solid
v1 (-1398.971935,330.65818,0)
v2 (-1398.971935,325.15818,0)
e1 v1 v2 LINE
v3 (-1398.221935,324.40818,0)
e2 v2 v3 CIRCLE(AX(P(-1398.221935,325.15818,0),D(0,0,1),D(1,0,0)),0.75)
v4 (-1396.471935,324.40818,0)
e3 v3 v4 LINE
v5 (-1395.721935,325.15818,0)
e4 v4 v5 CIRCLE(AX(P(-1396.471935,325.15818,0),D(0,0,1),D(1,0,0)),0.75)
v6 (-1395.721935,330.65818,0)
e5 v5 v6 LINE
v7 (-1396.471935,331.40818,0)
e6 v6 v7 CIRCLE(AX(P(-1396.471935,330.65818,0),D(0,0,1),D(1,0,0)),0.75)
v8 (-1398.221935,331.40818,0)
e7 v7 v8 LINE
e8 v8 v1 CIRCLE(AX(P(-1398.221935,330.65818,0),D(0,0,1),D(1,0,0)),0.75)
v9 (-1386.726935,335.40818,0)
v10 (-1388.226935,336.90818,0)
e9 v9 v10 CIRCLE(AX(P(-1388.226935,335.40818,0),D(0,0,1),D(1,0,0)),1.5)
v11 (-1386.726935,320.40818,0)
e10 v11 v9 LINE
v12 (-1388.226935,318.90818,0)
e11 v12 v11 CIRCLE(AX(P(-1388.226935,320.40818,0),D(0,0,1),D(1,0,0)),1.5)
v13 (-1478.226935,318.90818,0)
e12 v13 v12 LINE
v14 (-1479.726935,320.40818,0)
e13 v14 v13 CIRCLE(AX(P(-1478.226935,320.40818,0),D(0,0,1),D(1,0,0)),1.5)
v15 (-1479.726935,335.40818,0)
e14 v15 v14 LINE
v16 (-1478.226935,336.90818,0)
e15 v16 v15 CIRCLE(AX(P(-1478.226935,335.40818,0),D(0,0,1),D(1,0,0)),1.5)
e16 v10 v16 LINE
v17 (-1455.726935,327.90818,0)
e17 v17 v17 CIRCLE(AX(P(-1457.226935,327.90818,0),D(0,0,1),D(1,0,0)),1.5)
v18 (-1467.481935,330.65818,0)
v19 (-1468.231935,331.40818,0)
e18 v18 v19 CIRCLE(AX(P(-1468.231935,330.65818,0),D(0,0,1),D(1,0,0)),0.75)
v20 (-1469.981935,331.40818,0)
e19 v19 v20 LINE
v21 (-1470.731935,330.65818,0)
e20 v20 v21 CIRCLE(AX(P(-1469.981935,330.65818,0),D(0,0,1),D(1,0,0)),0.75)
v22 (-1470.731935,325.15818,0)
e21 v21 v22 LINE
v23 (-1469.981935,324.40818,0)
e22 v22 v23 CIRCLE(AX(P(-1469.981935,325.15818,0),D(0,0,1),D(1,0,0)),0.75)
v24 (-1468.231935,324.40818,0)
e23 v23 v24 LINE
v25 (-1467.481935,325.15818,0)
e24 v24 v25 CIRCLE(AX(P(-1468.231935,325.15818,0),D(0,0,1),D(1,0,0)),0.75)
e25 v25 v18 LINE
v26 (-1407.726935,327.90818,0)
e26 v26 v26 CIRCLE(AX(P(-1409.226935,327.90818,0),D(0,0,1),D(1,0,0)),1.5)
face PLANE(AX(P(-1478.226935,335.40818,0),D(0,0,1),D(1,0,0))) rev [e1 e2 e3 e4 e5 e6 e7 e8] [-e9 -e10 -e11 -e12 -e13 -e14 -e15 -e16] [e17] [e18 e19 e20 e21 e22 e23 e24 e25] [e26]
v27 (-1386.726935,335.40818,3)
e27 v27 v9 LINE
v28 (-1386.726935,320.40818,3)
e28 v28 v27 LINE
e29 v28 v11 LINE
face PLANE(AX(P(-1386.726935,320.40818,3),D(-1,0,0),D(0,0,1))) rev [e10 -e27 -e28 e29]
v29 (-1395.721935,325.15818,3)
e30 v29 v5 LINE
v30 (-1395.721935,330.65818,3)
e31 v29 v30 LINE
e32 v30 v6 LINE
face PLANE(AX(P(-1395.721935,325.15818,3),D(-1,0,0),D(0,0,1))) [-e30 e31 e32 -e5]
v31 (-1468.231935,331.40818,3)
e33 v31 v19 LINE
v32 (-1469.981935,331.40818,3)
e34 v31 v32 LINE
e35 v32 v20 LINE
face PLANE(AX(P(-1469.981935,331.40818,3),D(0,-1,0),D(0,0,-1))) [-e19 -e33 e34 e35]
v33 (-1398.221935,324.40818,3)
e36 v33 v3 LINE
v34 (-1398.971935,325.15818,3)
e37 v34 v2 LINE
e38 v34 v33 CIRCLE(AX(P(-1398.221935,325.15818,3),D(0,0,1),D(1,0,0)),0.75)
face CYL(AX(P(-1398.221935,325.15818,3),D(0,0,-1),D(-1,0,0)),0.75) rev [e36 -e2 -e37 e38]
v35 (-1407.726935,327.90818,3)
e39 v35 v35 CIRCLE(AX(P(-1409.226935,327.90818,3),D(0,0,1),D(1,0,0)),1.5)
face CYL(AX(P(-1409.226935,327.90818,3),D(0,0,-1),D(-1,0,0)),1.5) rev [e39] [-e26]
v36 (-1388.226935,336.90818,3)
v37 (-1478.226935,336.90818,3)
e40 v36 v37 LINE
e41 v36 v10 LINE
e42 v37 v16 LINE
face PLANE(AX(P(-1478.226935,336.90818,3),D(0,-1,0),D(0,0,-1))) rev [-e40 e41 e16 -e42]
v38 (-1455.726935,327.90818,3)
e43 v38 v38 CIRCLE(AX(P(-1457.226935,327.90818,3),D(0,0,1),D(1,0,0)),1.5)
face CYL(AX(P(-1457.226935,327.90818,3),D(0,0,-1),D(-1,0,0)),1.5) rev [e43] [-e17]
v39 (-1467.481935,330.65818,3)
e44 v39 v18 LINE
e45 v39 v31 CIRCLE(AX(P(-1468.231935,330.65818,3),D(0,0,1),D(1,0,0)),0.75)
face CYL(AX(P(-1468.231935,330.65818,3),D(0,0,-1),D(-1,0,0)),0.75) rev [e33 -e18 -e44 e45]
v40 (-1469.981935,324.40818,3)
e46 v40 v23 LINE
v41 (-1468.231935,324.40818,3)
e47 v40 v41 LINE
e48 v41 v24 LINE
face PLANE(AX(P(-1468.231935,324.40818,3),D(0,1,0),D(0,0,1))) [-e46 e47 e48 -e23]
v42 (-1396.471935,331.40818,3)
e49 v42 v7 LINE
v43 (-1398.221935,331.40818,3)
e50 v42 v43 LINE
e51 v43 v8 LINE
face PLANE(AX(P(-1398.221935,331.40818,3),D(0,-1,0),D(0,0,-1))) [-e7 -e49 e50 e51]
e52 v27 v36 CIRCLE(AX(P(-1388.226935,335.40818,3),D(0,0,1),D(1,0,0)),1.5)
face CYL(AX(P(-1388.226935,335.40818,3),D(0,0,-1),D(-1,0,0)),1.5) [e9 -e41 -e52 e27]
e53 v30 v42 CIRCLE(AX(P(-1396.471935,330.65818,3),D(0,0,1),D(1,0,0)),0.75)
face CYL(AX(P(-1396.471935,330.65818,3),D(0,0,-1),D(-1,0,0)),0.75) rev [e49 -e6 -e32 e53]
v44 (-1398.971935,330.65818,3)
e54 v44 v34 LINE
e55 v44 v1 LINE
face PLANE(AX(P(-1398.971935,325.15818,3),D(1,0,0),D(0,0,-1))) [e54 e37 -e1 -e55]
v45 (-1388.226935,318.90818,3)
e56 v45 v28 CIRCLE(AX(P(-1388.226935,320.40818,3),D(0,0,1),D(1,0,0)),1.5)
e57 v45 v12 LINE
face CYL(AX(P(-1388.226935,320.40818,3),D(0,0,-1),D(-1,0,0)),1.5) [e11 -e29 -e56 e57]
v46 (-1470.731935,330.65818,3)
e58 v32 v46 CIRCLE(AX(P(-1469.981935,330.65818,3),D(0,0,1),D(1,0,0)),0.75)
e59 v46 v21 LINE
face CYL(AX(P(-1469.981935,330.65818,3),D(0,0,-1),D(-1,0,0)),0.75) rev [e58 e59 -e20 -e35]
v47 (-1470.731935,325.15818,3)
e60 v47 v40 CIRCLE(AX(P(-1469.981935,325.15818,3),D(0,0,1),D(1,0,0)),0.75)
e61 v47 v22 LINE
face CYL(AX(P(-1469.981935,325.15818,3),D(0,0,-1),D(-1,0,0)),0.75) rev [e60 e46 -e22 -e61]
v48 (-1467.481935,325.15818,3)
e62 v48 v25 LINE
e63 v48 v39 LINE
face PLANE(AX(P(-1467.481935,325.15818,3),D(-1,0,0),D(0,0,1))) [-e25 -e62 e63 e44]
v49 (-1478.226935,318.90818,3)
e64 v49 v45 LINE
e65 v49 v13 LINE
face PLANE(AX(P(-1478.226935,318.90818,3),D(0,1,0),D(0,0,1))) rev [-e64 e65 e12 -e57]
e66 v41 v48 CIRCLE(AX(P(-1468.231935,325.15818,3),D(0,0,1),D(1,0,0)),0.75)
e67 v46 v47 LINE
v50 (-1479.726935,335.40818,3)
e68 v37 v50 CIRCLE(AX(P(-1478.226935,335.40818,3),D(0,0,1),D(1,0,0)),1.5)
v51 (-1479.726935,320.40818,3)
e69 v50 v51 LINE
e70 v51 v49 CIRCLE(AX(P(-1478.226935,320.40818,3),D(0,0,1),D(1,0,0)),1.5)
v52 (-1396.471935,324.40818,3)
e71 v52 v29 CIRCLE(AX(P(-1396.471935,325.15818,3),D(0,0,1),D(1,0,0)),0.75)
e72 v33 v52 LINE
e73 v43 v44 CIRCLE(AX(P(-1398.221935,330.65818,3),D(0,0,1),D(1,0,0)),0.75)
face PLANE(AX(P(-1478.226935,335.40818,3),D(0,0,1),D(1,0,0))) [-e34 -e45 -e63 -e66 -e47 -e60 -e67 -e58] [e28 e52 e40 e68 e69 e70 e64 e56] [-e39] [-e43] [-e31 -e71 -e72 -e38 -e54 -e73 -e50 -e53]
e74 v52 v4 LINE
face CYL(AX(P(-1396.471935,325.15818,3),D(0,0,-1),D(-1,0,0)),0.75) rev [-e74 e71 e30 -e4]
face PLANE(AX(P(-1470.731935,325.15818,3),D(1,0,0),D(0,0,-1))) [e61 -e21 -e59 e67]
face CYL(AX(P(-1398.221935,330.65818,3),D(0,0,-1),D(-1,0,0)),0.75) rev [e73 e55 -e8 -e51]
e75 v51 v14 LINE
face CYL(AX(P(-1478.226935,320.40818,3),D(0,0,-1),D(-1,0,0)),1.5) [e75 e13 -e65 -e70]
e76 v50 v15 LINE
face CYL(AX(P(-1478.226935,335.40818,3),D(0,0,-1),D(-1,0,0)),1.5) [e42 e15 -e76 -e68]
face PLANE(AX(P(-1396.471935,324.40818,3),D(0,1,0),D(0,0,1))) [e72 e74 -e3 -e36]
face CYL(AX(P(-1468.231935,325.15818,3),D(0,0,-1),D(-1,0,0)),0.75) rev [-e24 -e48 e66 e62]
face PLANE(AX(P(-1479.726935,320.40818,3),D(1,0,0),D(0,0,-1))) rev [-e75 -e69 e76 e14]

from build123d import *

# Parameters (mm, degrees)
MODEL_R                 = 1.5
SALIENTE_EXTRUIR2_DEPTH = 3


with BuildPart() as part:
    # Model → Saliente-Extruir2 (new body)
    with BuildSketch(Plane.XY):
        with BuildLine():
            Line((-1478.226934946, 336.908179756), (-1388.226934946, 336.908179756))
            ThreePointArc((-1388.226934946, 336.908179756), (-1387.166274774, 336.468839928), (-1386.726934946, 335.408179756))
            Line((-1386.726934946, 335.408179756), (-1386.726934946, 320.408179756))
            ThreePointArc((-1386.726934946, 320.408179756), (-1387.166274774, 319.347519585), (-1388.226934946, 318.908179756))
            Line((-1388.226934946, 318.908179756), (-1478.226934946, 318.908179756))
            ThreePointArc((-1478.226934946, 318.908179756), (-1479.287595118, 319.347519585), (-1479.726934946, 320.408179756))
            Line((-1479.726934946, 320.408179756), (-1479.726934946, 335.408179756))
            ThreePointArc((-1479.726934946, 335.408179756), (-1479.287595118, 336.468839928), (-1478.226934946, 336.908179756))
        make_face()
        with Locations((-1457.226934946, 327.908179756)):
            Circle(MODEL_R, mode=Mode.SUBTRACT)
        with Locations((-1409.226934946, 327.908179756)):
            Circle(MODEL_R, mode=Mode.SUBTRACT)
        with BuildLine():
            Line((-1469.981934946, 331.408179756), (-1468.231934946, 331.408179756))
            ThreePointArc((-1468.231934946, 331.408179756), (-1467.70160486, 331.188509842), (-1467.481934946, 330.658179756))
            Line((-1467.481934946, 330.658179756), (-1467.481934946, 325.158179756))
            ThreePointArc((-1467.481934946, 325.158179756), (-1467.70160486, 324.627849671), (-1468.231934946, 324.408179756))
            Line((-1468.231934946, 324.408179756), (-1469.981934946, 324.408179756))
            ThreePointArc((-1469.981934946, 324.408179756), (-1470.512265032, 324.627849671), (-1470.731934946, 325.158179756))
            Line((-1470.731934946, 325.158179756), (-1470.731934946, 330.658179756))
            ThreePointArc((-1470.731934946, 330.658179756), (-1470.512265032, 331.188509842), (-1469.981934946, 331.408179756))
        make_face(mode=Mode.SUBTRACT)
        with BuildLine():
            Line((-1398.221934946, 331.408179756), (-1396.471934946, 331.408179756))
            ThreePointArc((-1396.471934946, 331.408179756), (-1395.94160486, 331.188509842), (-1395.721934946, 330.658179756))
            Line((-1395.721934946, 330.658179756), (-1395.721934946, 325.158179756))
            ThreePointArc((-1395.721934946, 325.158179756), (-1395.94160486, 324.627849671), (-1396.471934946, 324.408179756))
            Line((-1396.471934946, 324.408179756), (-1398.221934946, 324.408179756))
            ThreePointArc((-1398.221934946, 324.408179756), (-1398.752265032, 324.627849671), (-1398.971934946, 325.158179756))
            Line((-1398.971934946, 325.158179756), (-1398.971934946, 330.658179756))
            ThreePointArc((-1398.971934946, 330.658179756), (-1398.752265032, 331.188509842), (-1398.221934946, 331.408179756))
        make_face(mode=Mode.SUBTRACT)
    extrude(amount=SALIENTE_EXTRUIR2_DEPTH)


solid = part.part
